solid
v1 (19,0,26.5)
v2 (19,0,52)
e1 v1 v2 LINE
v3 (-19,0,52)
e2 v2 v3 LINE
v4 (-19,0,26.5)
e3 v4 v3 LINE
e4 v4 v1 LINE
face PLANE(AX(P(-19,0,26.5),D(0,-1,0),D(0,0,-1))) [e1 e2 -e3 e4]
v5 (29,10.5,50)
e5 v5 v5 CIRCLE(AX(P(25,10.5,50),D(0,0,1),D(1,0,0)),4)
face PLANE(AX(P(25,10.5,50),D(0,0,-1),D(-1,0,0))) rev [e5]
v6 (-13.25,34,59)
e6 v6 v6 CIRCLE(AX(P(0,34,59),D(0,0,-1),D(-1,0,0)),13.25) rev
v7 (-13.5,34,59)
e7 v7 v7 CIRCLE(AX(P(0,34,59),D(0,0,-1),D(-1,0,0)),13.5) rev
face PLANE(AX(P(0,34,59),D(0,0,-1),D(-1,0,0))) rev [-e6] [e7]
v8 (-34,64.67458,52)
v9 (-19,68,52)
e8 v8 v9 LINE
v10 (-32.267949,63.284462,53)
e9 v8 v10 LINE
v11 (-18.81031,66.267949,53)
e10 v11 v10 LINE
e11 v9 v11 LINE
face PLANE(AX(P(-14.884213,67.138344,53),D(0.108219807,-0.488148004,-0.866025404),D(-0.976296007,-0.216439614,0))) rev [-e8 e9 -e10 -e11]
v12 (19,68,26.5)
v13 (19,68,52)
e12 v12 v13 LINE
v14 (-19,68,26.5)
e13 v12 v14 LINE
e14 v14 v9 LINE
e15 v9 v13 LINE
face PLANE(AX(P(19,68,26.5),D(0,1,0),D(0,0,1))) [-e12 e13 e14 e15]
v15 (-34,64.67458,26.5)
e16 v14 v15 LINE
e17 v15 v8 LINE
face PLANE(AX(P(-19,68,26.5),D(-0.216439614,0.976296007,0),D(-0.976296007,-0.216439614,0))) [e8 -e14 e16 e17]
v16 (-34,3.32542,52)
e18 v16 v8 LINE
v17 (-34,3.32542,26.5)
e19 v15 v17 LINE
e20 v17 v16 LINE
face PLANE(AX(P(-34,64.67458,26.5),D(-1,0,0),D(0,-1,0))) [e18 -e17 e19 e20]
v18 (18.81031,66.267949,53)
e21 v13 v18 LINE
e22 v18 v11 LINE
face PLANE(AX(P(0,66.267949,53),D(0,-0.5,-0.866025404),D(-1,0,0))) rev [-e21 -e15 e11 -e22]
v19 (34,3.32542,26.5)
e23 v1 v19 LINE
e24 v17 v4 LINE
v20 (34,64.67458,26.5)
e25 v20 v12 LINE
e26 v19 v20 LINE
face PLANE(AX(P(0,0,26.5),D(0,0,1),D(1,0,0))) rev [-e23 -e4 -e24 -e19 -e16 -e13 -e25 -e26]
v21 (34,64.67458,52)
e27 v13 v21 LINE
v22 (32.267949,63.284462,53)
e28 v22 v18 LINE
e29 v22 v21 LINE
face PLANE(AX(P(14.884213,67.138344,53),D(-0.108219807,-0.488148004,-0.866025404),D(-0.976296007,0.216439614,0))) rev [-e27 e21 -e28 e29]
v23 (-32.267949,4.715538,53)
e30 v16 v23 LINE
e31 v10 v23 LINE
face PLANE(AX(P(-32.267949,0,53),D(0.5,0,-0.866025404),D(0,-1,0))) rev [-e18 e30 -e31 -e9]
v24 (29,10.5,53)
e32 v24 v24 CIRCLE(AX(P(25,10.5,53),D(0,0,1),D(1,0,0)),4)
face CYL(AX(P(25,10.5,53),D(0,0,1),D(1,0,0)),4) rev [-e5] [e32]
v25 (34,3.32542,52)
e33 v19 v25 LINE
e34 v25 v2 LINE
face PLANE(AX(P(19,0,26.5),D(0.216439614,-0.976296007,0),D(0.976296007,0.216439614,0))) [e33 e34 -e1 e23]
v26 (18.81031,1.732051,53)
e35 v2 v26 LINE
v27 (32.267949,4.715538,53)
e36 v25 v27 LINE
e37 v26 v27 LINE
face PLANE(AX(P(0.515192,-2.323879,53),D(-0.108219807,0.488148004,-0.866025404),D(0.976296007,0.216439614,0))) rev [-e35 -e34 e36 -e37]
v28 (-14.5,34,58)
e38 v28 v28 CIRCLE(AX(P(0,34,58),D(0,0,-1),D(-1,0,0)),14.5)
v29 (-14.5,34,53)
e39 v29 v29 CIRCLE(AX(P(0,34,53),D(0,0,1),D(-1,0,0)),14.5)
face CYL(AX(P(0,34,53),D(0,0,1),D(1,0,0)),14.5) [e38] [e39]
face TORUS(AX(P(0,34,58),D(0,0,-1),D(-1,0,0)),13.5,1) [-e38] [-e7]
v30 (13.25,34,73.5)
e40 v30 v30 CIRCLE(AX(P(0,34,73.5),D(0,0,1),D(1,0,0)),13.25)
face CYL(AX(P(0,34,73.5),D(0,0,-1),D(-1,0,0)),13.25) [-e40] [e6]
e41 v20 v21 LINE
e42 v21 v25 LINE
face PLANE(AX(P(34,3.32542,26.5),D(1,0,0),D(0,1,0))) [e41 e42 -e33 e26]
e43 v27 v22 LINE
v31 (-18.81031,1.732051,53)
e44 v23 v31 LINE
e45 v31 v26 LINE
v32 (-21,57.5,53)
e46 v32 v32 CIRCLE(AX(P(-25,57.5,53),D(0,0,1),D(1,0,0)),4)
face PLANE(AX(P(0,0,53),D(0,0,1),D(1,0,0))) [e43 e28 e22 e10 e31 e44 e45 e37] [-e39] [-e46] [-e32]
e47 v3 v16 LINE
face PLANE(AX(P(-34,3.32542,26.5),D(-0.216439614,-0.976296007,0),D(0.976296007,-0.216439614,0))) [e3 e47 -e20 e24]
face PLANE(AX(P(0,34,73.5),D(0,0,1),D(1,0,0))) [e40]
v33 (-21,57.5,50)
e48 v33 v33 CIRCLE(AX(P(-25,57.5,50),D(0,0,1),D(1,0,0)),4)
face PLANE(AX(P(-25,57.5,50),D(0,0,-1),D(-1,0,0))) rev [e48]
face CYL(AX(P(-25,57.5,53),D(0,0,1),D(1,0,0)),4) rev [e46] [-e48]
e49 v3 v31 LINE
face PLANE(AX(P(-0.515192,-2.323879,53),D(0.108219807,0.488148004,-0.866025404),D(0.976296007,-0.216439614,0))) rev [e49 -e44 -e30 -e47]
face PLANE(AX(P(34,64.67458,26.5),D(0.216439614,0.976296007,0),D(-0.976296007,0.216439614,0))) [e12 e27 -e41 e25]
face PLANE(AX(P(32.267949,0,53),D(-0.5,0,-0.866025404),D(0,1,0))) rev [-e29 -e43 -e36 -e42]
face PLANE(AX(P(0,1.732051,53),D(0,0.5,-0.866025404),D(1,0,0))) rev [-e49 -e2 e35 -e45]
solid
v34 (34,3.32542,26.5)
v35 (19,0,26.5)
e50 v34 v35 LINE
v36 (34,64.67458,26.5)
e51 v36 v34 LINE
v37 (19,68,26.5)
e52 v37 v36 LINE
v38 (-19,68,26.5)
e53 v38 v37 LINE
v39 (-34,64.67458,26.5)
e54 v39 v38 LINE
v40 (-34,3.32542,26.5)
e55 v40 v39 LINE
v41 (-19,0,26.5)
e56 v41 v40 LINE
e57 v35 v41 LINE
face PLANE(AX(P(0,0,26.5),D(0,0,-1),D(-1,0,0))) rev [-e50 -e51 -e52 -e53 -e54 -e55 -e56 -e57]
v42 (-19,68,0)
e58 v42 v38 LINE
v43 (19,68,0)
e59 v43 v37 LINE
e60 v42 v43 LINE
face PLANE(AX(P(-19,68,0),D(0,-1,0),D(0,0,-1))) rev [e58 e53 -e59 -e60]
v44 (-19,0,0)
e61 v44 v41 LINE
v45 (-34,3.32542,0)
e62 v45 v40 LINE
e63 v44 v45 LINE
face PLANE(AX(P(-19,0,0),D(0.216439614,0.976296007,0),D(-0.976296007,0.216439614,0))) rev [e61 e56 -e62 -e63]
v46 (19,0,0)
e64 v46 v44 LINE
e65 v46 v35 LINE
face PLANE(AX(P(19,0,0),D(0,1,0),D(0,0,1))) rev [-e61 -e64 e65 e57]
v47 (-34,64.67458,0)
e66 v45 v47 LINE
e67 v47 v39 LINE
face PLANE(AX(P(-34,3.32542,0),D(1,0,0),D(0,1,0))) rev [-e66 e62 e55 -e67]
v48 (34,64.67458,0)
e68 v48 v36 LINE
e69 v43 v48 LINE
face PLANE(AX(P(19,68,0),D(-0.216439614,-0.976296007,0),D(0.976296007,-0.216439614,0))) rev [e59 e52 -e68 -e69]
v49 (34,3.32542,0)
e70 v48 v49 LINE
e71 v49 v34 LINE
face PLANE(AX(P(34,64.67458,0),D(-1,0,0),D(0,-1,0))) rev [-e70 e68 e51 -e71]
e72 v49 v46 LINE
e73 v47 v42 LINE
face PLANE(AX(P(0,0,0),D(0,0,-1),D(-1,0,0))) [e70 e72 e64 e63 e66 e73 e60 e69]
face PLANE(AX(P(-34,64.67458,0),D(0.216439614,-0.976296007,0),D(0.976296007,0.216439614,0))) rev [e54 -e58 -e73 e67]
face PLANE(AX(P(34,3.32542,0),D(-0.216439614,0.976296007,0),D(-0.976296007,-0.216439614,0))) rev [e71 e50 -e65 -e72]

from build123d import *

# Parameters (mm, degrees)
SKETCH4_R                    = 14.5
BOSS_EXTRUDE3_DEPTH          = 6
BOSS_EXTRUDE4_DEPTH          = 26.5
F_8_0_8_DIAMETER_HOLE1_D     = 8
F_8_0_8_DIAMETER_HOLE1_DEPTH = 3
CHAMFER1_SIZE                = 1.732050808
CHAMFER1_SIZE2               = 1
CHAMFER2_SIZE                = 1
CHAMFER2_SIZE2               = 1.732050808
FILLET3_R                    = 1
BOSS_EXTRUDE7_DEPTH          = 26.5
SKETCH41_R                   = 13.25
BOSS_EXTRUDE8_DEPTH          = 14.5


with BuildPart() as part:
    # Sketch4 → Boss-Extrude3 (new body)
    with BuildSketch(Plane.XY.offset(59)):
        with Locations((0, 34)):
            Circle(SKETCH4_R)
    extrude(amount=-BOSS_EXTRUDE3_DEPTH)

    # Sketch5 → Boss-Extrude4 (add)
    with BuildSketch(Plane.XY.offset(53)):
        Polygon((-19, 0), (19, 0), (34, 3.32541994), (34, 64.67458006), (19, 68), (-19, 68), (-34, 64.67458006), (-34, 3.32541994), align=None)
    extrude(amount=-BOSS_EXTRUDE4_DEPTH)

    # Ø8.0 (8) Diameter Hole1
    with Locations(Plane.XY.offset(53)):
        with Locations((-25, 57.5), (25, 10.5)):
            Hole(F_8_0_8_DIAMETER_HOLE1_D / 2, depth=F_8_0_8_DIAMETER_HOLE1_DEPTH)

    # Chamfer1
    chamfer1_edges = [part.edges().sort_by_distance(p)[0] for p in [
        (26.5, 66.33729003, 53),
        (0, 68, 53),
        (-26.5, 66.33729003, 53),
        (-34, 34, 53),
        (-26.5, 1.66270997, 53),
        (0, 0, 53),
        (26.5, 1.66270997, 53),
    ]]
    chamfer1_side = [part.faces().sort_by_distance(p)[0] for p in [
        (0, 0.961665222, 53),
    ]]
    chamfer(chamfer1_edges, length=CHAMFER1_SIZE, length2=CHAMFER1_SIZE2, reference=chamfer1_side[0])

    # Chamfer2
    chamfer2_edges = [part.edges().sort_by_distance(p)[0] for p in [
        (34, 34, 53),
    ]]
    chamfer2_side = [part.faces().sort_by_distance(p)[0] for p in [
        (34, 34, 39.735889277),
    ]]
    chamfer(chamfer2_edges, length=CHAMFER2_SIZE, length2=CHAMFER2_SIZE2, reference=chamfer2_side[0])

    # Fillet3
    fillet3_edges = [part.edges().sort_by_distance(p)[0] for p in [
        (-14.5, 34, 59),
    ]]
    fillet(fillet3_edges, radius=FILLET3_R)

    # Sketch41 → Boss-Extrude8 (add)
    with BuildSketch(Plane.XY.offset(59)):
        with Locations((0, 34)):
            Circle(SKETCH41_R)
    extrude(amount=BOSS_EXTRUDE8_DEPTH)


with BuildPart() as body_2:
    # Sketch40 → Boss-Extrude7 (new body)
    with BuildSketch(Plane(origin=(0, 0, 26.5), x_dir=(-1, 0, 0), z_dir=(0, 0, -1))):
        Polygon((34, 3.32541994), (34, 64.67458006), (19, 68), (-19, 68), (-34, 64.67458006), (-34, 3.32541994), (-19, 0), (19, 0), align=None)
    extrude(amount=BOSS_EXTRUDE7_DEPTH)


solid = Compound([part.part, body_2.part])
